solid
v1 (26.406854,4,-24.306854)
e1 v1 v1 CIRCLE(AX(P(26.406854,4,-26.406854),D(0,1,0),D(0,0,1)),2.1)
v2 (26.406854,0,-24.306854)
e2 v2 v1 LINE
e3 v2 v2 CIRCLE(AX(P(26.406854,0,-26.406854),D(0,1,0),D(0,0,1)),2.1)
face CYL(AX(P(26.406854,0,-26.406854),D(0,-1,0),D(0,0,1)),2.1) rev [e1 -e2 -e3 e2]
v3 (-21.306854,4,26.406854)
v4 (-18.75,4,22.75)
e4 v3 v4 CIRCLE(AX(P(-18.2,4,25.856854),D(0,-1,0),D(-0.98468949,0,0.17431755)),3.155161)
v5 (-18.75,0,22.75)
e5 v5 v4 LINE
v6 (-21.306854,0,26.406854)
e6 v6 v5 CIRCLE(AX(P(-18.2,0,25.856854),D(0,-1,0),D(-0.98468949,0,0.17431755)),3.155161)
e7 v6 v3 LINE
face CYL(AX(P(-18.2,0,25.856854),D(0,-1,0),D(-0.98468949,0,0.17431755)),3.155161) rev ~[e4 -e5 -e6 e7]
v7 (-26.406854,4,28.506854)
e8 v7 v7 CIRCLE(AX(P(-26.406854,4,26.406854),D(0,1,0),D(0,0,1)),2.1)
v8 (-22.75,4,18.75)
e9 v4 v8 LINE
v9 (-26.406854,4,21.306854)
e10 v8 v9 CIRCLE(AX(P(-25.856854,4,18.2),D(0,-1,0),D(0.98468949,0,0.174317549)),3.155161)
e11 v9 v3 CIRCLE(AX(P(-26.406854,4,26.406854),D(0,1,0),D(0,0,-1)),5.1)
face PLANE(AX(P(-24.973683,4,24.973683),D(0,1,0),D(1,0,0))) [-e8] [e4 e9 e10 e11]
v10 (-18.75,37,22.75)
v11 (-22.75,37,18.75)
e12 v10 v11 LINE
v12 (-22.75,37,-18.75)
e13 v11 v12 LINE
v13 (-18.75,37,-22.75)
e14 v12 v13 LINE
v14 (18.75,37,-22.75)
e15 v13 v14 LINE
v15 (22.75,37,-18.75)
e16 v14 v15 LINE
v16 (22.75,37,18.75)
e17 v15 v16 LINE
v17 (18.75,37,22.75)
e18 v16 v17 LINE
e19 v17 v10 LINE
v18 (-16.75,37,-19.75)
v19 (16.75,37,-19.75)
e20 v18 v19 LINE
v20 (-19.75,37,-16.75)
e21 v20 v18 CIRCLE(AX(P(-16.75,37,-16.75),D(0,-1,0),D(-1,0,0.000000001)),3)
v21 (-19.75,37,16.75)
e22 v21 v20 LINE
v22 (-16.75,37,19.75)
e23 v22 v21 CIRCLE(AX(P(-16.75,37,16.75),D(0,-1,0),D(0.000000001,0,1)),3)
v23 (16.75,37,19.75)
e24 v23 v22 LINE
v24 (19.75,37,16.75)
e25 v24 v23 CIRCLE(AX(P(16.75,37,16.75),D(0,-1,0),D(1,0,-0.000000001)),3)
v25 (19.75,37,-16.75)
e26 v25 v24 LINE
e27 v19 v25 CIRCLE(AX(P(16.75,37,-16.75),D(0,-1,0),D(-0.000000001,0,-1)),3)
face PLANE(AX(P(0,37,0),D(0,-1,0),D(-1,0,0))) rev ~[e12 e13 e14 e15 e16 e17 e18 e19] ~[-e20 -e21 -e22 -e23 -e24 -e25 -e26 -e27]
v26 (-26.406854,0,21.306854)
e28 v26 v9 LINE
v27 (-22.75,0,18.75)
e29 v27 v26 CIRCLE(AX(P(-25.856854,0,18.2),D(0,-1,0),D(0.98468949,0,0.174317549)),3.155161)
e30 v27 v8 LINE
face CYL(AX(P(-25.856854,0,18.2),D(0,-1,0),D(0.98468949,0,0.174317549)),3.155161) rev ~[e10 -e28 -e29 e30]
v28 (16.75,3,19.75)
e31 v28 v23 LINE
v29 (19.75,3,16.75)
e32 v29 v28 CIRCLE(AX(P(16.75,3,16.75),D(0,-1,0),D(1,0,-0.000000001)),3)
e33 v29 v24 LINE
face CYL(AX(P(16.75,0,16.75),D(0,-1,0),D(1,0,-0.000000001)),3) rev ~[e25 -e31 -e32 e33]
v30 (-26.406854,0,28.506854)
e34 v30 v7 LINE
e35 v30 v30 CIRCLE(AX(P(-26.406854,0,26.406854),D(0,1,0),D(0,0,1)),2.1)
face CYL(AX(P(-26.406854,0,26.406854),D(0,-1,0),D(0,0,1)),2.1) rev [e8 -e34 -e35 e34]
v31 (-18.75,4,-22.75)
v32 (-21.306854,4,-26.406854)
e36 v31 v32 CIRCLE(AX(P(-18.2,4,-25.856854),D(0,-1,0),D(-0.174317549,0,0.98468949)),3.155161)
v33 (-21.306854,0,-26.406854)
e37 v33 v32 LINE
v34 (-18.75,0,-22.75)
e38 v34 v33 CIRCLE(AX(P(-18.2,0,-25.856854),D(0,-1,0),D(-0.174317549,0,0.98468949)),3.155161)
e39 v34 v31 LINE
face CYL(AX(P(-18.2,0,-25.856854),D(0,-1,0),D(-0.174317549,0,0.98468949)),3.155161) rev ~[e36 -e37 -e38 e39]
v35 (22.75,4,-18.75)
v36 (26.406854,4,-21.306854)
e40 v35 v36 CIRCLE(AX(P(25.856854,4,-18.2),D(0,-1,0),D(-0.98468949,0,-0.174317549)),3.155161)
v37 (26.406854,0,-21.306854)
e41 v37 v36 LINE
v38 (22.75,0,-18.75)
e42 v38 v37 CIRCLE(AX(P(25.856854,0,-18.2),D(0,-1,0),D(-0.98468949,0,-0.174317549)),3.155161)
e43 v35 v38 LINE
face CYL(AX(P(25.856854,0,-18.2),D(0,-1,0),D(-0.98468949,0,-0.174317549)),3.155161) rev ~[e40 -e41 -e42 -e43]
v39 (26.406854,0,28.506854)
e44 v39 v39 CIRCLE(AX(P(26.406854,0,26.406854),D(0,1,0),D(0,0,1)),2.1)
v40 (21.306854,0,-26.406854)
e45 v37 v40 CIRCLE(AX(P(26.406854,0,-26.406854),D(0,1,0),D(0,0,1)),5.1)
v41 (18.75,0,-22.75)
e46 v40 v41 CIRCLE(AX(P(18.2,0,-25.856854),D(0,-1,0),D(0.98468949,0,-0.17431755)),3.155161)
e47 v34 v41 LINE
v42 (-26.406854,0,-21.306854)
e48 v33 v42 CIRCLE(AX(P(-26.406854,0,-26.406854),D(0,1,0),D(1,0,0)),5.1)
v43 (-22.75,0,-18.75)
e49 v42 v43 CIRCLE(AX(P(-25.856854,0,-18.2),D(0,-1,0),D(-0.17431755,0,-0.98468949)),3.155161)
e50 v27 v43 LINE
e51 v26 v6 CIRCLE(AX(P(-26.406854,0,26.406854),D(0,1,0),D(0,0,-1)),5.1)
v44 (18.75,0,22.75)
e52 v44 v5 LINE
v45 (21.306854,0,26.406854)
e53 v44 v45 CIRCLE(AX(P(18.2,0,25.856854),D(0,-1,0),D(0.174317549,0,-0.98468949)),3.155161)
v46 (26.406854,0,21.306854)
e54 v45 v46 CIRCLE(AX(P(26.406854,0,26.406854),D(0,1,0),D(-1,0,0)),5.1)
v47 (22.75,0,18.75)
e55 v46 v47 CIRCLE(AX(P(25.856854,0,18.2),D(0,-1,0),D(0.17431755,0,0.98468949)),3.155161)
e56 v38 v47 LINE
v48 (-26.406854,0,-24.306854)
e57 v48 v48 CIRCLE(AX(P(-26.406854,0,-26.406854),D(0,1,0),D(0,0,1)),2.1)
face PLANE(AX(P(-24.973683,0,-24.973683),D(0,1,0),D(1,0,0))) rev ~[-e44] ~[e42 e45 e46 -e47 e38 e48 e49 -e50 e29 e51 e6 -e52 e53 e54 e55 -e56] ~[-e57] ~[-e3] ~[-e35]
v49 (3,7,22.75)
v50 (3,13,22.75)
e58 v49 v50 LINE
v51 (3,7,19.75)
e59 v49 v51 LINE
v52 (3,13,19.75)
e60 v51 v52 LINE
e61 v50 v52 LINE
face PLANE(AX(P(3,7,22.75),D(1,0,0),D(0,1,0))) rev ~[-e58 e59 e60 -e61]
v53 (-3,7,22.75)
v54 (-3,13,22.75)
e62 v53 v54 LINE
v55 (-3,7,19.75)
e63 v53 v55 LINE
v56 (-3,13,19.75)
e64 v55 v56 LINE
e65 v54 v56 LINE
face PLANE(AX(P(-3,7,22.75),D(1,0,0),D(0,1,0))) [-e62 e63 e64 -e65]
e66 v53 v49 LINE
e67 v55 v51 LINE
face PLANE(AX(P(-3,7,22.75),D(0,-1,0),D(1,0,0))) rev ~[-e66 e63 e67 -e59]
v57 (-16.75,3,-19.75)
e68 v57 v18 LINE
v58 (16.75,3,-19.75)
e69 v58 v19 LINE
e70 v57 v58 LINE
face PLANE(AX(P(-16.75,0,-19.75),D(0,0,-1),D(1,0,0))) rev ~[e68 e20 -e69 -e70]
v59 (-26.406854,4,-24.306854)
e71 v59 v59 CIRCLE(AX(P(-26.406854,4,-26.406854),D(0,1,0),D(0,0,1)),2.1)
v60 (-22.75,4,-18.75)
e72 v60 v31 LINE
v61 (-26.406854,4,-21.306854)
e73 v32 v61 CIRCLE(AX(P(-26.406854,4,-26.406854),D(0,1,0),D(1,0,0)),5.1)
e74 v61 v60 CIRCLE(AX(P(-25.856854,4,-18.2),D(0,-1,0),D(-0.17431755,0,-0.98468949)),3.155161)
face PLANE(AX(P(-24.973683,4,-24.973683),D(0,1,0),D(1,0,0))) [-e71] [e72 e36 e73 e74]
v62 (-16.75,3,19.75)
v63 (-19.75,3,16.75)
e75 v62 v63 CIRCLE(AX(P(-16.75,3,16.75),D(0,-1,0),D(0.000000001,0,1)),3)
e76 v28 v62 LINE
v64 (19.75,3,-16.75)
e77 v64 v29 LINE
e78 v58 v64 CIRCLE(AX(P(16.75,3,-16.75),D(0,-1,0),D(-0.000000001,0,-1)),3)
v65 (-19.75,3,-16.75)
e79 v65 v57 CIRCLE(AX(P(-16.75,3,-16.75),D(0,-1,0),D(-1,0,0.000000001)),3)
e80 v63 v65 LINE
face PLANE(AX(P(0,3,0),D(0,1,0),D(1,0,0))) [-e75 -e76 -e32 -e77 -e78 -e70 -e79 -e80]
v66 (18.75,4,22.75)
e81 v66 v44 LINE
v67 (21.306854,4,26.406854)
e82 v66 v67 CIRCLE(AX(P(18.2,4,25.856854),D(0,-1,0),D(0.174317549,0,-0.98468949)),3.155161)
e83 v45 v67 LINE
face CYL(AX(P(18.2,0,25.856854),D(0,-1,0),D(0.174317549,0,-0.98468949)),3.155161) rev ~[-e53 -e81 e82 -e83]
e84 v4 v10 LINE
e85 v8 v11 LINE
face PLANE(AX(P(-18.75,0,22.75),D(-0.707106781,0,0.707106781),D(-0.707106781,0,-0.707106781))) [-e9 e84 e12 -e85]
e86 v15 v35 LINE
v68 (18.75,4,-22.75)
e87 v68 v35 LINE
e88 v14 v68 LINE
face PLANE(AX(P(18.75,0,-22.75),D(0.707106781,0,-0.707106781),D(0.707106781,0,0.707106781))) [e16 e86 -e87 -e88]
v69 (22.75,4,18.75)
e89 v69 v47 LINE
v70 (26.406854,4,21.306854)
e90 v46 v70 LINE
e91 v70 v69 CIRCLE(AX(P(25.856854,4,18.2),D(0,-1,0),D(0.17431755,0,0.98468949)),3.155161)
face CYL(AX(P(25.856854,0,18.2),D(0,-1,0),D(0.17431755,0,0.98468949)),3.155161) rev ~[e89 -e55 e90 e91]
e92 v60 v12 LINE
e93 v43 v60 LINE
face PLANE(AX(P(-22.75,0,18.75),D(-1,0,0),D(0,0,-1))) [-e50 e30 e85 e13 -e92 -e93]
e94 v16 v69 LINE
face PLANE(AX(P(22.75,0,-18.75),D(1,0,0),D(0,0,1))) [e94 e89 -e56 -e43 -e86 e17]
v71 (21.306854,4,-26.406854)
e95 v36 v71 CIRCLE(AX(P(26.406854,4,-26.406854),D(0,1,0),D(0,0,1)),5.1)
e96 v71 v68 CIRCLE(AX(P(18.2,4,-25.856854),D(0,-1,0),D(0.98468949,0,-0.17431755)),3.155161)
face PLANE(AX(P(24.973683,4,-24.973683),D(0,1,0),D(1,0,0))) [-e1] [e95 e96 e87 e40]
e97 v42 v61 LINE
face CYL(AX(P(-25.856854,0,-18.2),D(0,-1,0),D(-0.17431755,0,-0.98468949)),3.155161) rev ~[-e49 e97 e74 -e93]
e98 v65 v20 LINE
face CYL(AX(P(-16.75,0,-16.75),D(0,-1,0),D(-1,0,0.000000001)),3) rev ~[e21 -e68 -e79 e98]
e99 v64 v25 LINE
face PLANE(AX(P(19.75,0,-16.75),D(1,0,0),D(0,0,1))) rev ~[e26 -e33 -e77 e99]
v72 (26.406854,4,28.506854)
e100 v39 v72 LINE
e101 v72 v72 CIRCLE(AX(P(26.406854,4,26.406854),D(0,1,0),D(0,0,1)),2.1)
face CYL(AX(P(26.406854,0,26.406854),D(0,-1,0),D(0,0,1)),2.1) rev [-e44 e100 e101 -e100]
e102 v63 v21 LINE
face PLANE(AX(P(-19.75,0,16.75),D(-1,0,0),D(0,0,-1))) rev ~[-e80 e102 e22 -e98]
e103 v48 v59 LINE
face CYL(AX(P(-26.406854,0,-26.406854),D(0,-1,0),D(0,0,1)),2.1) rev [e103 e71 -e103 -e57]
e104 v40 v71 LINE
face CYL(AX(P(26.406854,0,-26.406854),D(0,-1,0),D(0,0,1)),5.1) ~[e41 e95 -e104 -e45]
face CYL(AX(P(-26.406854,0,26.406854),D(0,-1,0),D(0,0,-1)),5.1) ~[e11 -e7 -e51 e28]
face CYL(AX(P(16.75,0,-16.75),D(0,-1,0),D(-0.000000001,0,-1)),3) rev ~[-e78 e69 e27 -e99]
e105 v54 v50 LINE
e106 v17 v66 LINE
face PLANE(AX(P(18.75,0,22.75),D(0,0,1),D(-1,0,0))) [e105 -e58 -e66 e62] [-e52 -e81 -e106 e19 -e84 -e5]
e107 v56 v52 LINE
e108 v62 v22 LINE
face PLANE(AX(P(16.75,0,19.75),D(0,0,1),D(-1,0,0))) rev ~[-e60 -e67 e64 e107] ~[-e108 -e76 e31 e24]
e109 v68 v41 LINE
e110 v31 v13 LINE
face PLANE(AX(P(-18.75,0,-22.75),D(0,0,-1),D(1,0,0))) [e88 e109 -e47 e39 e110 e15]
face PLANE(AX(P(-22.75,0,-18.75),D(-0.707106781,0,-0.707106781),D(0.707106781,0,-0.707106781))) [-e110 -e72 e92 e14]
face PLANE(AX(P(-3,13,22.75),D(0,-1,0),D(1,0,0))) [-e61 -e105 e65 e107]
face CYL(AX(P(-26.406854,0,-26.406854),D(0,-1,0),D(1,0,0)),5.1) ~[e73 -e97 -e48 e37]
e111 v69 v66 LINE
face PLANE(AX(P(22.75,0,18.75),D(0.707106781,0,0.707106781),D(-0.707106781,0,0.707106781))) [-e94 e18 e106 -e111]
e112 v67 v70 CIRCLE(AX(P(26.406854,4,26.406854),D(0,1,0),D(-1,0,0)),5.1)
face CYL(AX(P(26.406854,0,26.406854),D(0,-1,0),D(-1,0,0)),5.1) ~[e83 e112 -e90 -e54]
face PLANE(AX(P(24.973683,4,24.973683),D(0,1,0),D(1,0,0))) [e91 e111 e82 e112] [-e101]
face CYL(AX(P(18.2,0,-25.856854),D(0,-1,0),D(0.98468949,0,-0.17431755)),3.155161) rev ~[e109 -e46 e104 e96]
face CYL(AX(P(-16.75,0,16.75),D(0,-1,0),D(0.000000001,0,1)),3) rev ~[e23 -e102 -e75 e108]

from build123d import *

# Parameters (mm, degrees)
ESTRUSIONE_ESTRUSIONE3_DEPTH = 37
ESTRUSIONE_ESTRUSIONE6_DEPTH = 3
SCHIZZO5_R                   = 2.1
ESTRUSIONE_ESTRUSIONE5_DEPTH = 4
SCHIZZO7_W                   = 6
SCHIZZO7_H                   = 6
TAGLIO_ESTRUSIONE1_DEPTH     = 3


with BuildPart() as part:
    # Schizzo1 → Estrusione-Estrusione3 (new body)
    with BuildSketch(Plane(origin=(0, 0, 0), x_dir=(1, 0, 0), z_dir=(0, 1, 0))):
        Polygon((-18.75, 22.75), (18.75, 22.75), (22.75, 18.75), (22.75, -18.75), (18.75, -22.75), (-18.75, -22.75), (-22.75, -18.75), (-22.75, 18.75), align=None)
        with BuildLine():
            Line((-16.75, 19.75), (16.75, 19.75))
            ThreePointArc((16.75, 19.75), (18.871320344, 18.871320344), (19.75, 16.75))
            Line((19.75, 16.75), (19.75, -16.75))
            ThreePointArc((19.75, -16.75), (18.871320344, -18.871320344), (16.75, -19.75))
            Line((16.75, -19.75), (-16.75, -19.75))
            ThreePointArc((-16.75, -19.75), (-18.871320344, -18.871320344), (-19.75, -16.75))
            Line((-19.75, -16.75), (-19.75, 16.75))
            ThreePointArc((-19.75, 16.75), (-18.871320344, 18.871320344), (-16.75, 19.75))
        make_face(mode=Mode.SUBTRACT)
    extrude(amount=ESTRUSIONE_ESTRUSIONE3_DEPTH)

    # Schizzo6 → Estrusione-Estrusione6 (add)
    with BuildSketch(Plane(origin=(0, 0, 0), x_dir=(1, 0, 0), z_dir=(0, 1, 0))):
        Polygon((-18.75, 22.75), (-22.75, 18.75), (-22.75, -18.75), (-18.75, -22.75), (18.75, -22.75), (22.75, -18.75), (22.75, 18.75), (18.75, 22.75), align=None)
    extrude(amount=ESTRUSIONE_ESTRUSIONE6_DEPTH)

    # Schizzo5 → Estrusione-Estrusione5 (add)
    # profile 1 of 4: a face of its own
    with BuildSketch(Plane(origin=(0, 0, 0), x_dir=(1, 0, 0), z_dir=(0, 1, 0))):
        with BuildLine():
            Line((-22.75, 18.75), (-18.75, 22.75))
            ThreePointArc((-18.75, 22.75), (-20.785786438, 24.048885271), (-21.306854249, 26.406854249))
            ThreePointArc((-21.306854249, 26.406854249), (-30.013098834, 30.013098834), (-26.406854249, 21.306854249))
            ThreePointArc((-26.406854249, 21.306854249), (-24.048885271, 20.785786438), (-22.75, 18.75))
        make_face()
        with Locations(Location((-26.406854249, 26.406854249, 0), (0, 0, 270))):
            Circle(SCHIZZO5_R, mode=Mode.SUBTRACT)
    # profile 2 of 4: a face of its own
    with BuildSketch(Plane(origin=(0, 0, 0), x_dir=(1, 0, 0), z_dir=(0, 1, 0))):
        with BuildLine():
            Line((18.75, 22.75), (22.75, 18.75))
            ThreePointArc((22.75, 18.75), (24.048885271, 20.785786438), (26.406854249, 21.306854249))
            ThreePointArc((26.406854249, 21.306854249), (30.013098834, 30.013098834), (21.306854249, 26.406854249))
            ThreePointArc((21.306854249, 26.406854249), (20.785786438, 24.048885271), (18.75, 22.75))
        make_face()
        with Locations(Location((26.406854249, 26.406854249, 0), (0, 0, 270))):
            Circle(SCHIZZO5_R, mode=Mode.SUBTRACT)
    # profile 3 of 4: a face of its own
    with BuildSketch(Plane(origin=(0, 0, 0), x_dir=(1, 0, 0), z_dir=(0, 1, 0))):
        with BuildLine():
            Line((22.75, -18.75), (18.75, -22.75))
            ThreePointArc((18.75, -22.75), (20.785786438, -24.048885271), (21.306854249, -26.406854249))
            ThreePointArc((21.306854249, -26.406854249), (30.013098834, -30.013098834), (26.406854249, -21.306854249))
            ThreePointArc((26.406854249, -21.306854249), (24.048885271, -20.785786438), (22.75, -18.75))
        make_face()
        with Locations(Location((26.406854249, -26.406854249, 0), (0, 0, 270))):
            Circle(SCHIZZO5_R, mode=Mode.SUBTRACT)
    # profile 4 of 4: a face of its own
    with BuildSketch(Plane(origin=(0, 0, 0), x_dir=(1, 0, 0), z_dir=(0, 1, 0))):
        with BuildLine():
            Line((-18.75, -22.75), (-22.75, -18.75))
            ThreePointArc((-22.75, -18.75), (-24.048885271, -20.785786438), (-26.406854249, -21.306854249))
            ThreePointArc((-26.406854249, -21.306854249), (-30.013098834, -30.013098834), (-21.306854249, -26.406854249))
            ThreePointArc((-21.306854249, -26.406854249), (-20.785786438, -24.048885271), (-18.75, -22.75))
        make_face()
        with Locations(Location((-26.406854249, -26.406854249, 0), (0, 0, 270))):
            Circle(SCHIZZO5_R, mode=Mode.SUBTRACT)
    extrude(amount=ESTRUSIONE_ESTRUSIONE5_DEPTH)

    # Schizzo7 → Taglio-Estrusione1 (cut)
    with BuildSketch(Plane.XY.offset(22.75)):
        with Locations((0, 10)):
            Rectangle(SCHIZZO7_W, SCHIZZO7_H)
    extrude(amount=-TAGLIO_ESTRUSIONE1_DEPTH, mode=Mode.SUBTRACT)


solid = part.part
